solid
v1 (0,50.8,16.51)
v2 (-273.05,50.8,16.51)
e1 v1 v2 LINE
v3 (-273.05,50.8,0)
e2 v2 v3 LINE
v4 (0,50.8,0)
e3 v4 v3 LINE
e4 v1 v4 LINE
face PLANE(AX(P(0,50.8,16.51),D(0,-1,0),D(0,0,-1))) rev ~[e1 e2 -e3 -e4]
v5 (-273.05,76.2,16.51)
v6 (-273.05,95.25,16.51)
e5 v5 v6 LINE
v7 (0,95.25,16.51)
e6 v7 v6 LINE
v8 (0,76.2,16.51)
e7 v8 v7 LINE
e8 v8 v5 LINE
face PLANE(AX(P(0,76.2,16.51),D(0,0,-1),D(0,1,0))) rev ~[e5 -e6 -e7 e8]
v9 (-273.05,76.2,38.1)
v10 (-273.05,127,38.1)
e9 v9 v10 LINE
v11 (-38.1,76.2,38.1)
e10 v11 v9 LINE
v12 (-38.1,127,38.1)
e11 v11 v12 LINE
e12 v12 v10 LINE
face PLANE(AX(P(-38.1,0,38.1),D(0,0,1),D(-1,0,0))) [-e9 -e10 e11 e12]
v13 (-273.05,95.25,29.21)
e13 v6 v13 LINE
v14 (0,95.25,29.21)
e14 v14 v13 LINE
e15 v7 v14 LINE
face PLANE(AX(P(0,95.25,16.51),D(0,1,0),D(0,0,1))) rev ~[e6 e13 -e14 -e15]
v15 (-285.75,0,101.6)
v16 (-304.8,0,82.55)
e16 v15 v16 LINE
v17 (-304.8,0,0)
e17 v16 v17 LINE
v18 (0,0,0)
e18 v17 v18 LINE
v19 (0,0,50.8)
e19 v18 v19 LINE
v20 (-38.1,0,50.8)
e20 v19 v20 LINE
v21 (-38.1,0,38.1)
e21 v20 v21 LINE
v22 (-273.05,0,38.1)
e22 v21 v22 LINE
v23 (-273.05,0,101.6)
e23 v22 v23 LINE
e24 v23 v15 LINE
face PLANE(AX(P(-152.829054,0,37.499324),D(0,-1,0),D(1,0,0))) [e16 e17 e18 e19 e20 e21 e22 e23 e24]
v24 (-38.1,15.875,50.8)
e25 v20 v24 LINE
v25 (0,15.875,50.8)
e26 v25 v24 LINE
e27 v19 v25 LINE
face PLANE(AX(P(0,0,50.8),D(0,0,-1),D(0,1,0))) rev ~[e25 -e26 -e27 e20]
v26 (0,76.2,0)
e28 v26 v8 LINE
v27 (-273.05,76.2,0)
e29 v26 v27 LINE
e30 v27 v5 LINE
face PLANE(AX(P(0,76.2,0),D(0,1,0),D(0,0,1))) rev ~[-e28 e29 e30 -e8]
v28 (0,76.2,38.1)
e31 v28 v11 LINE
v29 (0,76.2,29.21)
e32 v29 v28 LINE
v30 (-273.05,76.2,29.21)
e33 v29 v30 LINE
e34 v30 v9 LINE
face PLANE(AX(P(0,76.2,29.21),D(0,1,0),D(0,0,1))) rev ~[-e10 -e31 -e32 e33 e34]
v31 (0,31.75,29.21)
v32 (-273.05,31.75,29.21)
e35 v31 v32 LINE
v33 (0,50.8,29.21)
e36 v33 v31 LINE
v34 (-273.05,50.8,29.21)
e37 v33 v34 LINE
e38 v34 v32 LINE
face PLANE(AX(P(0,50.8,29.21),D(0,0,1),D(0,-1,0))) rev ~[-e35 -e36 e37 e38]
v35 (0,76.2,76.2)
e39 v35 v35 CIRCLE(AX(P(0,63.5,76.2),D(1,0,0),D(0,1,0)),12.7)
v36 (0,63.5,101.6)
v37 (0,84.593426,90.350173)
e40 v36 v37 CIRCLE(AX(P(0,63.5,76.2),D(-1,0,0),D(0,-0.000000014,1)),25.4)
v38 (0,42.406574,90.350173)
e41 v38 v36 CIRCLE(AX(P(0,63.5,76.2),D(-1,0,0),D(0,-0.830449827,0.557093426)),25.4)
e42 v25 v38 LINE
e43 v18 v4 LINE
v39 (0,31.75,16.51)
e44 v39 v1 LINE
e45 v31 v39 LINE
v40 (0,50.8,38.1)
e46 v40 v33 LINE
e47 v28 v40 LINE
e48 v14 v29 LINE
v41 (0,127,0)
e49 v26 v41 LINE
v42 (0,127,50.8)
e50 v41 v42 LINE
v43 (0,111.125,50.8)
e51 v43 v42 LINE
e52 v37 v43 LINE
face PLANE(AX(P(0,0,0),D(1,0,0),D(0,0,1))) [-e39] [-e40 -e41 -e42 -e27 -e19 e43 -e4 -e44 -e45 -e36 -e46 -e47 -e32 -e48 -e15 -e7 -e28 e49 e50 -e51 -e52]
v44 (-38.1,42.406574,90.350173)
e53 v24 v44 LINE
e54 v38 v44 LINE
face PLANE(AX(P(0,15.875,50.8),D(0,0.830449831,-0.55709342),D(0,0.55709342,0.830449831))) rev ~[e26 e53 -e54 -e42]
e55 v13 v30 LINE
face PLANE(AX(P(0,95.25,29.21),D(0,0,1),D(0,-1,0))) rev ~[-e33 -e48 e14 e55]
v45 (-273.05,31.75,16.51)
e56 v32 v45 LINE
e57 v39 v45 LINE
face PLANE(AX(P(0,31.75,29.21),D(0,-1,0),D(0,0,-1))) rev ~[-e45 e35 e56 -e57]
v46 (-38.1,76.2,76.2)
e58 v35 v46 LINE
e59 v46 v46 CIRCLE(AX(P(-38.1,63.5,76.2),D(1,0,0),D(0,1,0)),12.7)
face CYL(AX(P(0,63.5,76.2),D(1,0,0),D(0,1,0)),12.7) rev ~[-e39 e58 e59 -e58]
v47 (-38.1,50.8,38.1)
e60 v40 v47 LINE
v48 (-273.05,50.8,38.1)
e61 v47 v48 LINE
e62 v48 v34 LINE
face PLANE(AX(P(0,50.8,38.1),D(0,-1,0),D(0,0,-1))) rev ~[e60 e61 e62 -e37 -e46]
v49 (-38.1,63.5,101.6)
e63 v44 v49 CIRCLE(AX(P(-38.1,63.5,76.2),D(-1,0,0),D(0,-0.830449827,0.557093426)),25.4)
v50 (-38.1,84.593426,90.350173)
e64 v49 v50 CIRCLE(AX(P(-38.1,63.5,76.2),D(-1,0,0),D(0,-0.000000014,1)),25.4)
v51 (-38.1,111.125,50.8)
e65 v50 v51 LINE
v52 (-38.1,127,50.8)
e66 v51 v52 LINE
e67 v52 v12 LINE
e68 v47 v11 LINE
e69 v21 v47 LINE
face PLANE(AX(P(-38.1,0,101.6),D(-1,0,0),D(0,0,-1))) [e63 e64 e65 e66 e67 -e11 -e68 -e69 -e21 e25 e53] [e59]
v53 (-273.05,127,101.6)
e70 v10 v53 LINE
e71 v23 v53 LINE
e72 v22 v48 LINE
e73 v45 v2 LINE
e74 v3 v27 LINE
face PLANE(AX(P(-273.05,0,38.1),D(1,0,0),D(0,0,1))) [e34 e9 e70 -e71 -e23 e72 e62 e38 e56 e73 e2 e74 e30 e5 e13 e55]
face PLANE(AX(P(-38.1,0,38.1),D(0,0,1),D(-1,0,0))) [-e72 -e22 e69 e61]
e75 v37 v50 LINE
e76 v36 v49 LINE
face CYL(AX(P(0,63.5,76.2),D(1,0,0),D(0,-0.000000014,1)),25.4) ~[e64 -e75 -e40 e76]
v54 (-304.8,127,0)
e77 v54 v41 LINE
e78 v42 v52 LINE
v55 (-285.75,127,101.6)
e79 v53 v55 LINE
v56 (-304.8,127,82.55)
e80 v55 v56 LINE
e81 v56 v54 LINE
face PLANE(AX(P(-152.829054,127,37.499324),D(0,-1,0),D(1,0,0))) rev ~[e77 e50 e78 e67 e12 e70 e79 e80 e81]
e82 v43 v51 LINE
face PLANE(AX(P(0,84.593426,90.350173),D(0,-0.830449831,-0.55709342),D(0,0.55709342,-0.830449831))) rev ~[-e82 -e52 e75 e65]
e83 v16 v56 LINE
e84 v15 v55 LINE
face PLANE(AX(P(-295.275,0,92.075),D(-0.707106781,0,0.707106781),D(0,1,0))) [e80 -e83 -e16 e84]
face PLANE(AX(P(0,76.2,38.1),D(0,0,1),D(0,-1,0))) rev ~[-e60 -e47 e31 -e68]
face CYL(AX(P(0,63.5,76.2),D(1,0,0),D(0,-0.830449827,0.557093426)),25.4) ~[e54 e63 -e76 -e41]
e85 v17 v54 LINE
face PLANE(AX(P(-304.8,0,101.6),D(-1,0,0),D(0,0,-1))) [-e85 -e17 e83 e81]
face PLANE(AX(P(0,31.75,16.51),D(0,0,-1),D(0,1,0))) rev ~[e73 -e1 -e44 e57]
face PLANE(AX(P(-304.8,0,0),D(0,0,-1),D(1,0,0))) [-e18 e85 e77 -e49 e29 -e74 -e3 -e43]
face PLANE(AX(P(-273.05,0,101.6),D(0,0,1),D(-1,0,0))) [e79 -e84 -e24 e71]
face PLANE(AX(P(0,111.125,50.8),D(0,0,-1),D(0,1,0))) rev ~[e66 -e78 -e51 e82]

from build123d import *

# Parameters (mm, degrees)
F1_DEPTH = 127
F2_SIZE  = 19.05
F4_DEPTH = 273.05
F5_R     = 12.7
F6_DEPTH = 38.1


with BuildPart() as f1:
    # F0 (on Front) → F1 (new body)
    with BuildSketch(Plane.XZ):
        Polygon((-304.8, 0), (0, 0), (0, 101.6), (-38.1, 101.6), (-38.1, 38.1), (-273.05, 38.1), (-273.05, 101.6), (-304.8, 101.6), align=None)
    extrude(amount=-F1_DEPTH)

    # F2
    f2_edges = [f1.edges().sort_by_distance(p)[0] for p in [
        (-304.8, 63.5, 101.6),
    ]]
    chamfer(f2_edges, length=F2_SIZE)

    # F3 (on face) → F4 (cut)
    with BuildSketch(Plane.YZ):
        Polygon((50.8, 0), (63.5, 0), (76.2, 0), (76.2, 16.51), (95.25, 16.51), (95.25, 29.21), (76.2, 29.21), (76.2, 38.1), (50.8, 38.1), (50.8, 29.21), (31.75, 29.21), (31.75, 16.51), (50.8, 16.51), align=None)
    extrude(amount=-F4_DEPTH, mode=Mode.SUBTRACT)

    # F5 (on face) → F6 (cut, through all)
    with BuildSketch(Plane.YZ):
        with BuildLine():
            ThreePointArc((42.406574, 90.350173), (51.547059, 98.611765), (63.5, 101.6))
            Line((63.5, 101.6), (0, 101.6))
            Line((0, 101.6), (0, 50.8))
            Line((0, 50.8), (15.875, 50.8))
            Line((15.875, 50.8), (42.406574, 90.350173))
        make_face()
        with BuildLine():
            Line((127, 101.6), (63.5, 101.6))
            ThreePointArc((63.5, 101.6), (75.452941, 98.611765), (84.593426, 90.350173))
            Line((84.593426, 90.350173), (111.125, 50.8))
            Line((111.125, 50.8), (127, 50.8))
            Line((127, 50.8), (127, 101.6))
        make_face()
        with Locations((63.5, 76.2)):
            Circle(F5_R)
    extrude(amount=-F6_DEPTH, mode=Mode.SUBTRACT)


solid = f1.part
